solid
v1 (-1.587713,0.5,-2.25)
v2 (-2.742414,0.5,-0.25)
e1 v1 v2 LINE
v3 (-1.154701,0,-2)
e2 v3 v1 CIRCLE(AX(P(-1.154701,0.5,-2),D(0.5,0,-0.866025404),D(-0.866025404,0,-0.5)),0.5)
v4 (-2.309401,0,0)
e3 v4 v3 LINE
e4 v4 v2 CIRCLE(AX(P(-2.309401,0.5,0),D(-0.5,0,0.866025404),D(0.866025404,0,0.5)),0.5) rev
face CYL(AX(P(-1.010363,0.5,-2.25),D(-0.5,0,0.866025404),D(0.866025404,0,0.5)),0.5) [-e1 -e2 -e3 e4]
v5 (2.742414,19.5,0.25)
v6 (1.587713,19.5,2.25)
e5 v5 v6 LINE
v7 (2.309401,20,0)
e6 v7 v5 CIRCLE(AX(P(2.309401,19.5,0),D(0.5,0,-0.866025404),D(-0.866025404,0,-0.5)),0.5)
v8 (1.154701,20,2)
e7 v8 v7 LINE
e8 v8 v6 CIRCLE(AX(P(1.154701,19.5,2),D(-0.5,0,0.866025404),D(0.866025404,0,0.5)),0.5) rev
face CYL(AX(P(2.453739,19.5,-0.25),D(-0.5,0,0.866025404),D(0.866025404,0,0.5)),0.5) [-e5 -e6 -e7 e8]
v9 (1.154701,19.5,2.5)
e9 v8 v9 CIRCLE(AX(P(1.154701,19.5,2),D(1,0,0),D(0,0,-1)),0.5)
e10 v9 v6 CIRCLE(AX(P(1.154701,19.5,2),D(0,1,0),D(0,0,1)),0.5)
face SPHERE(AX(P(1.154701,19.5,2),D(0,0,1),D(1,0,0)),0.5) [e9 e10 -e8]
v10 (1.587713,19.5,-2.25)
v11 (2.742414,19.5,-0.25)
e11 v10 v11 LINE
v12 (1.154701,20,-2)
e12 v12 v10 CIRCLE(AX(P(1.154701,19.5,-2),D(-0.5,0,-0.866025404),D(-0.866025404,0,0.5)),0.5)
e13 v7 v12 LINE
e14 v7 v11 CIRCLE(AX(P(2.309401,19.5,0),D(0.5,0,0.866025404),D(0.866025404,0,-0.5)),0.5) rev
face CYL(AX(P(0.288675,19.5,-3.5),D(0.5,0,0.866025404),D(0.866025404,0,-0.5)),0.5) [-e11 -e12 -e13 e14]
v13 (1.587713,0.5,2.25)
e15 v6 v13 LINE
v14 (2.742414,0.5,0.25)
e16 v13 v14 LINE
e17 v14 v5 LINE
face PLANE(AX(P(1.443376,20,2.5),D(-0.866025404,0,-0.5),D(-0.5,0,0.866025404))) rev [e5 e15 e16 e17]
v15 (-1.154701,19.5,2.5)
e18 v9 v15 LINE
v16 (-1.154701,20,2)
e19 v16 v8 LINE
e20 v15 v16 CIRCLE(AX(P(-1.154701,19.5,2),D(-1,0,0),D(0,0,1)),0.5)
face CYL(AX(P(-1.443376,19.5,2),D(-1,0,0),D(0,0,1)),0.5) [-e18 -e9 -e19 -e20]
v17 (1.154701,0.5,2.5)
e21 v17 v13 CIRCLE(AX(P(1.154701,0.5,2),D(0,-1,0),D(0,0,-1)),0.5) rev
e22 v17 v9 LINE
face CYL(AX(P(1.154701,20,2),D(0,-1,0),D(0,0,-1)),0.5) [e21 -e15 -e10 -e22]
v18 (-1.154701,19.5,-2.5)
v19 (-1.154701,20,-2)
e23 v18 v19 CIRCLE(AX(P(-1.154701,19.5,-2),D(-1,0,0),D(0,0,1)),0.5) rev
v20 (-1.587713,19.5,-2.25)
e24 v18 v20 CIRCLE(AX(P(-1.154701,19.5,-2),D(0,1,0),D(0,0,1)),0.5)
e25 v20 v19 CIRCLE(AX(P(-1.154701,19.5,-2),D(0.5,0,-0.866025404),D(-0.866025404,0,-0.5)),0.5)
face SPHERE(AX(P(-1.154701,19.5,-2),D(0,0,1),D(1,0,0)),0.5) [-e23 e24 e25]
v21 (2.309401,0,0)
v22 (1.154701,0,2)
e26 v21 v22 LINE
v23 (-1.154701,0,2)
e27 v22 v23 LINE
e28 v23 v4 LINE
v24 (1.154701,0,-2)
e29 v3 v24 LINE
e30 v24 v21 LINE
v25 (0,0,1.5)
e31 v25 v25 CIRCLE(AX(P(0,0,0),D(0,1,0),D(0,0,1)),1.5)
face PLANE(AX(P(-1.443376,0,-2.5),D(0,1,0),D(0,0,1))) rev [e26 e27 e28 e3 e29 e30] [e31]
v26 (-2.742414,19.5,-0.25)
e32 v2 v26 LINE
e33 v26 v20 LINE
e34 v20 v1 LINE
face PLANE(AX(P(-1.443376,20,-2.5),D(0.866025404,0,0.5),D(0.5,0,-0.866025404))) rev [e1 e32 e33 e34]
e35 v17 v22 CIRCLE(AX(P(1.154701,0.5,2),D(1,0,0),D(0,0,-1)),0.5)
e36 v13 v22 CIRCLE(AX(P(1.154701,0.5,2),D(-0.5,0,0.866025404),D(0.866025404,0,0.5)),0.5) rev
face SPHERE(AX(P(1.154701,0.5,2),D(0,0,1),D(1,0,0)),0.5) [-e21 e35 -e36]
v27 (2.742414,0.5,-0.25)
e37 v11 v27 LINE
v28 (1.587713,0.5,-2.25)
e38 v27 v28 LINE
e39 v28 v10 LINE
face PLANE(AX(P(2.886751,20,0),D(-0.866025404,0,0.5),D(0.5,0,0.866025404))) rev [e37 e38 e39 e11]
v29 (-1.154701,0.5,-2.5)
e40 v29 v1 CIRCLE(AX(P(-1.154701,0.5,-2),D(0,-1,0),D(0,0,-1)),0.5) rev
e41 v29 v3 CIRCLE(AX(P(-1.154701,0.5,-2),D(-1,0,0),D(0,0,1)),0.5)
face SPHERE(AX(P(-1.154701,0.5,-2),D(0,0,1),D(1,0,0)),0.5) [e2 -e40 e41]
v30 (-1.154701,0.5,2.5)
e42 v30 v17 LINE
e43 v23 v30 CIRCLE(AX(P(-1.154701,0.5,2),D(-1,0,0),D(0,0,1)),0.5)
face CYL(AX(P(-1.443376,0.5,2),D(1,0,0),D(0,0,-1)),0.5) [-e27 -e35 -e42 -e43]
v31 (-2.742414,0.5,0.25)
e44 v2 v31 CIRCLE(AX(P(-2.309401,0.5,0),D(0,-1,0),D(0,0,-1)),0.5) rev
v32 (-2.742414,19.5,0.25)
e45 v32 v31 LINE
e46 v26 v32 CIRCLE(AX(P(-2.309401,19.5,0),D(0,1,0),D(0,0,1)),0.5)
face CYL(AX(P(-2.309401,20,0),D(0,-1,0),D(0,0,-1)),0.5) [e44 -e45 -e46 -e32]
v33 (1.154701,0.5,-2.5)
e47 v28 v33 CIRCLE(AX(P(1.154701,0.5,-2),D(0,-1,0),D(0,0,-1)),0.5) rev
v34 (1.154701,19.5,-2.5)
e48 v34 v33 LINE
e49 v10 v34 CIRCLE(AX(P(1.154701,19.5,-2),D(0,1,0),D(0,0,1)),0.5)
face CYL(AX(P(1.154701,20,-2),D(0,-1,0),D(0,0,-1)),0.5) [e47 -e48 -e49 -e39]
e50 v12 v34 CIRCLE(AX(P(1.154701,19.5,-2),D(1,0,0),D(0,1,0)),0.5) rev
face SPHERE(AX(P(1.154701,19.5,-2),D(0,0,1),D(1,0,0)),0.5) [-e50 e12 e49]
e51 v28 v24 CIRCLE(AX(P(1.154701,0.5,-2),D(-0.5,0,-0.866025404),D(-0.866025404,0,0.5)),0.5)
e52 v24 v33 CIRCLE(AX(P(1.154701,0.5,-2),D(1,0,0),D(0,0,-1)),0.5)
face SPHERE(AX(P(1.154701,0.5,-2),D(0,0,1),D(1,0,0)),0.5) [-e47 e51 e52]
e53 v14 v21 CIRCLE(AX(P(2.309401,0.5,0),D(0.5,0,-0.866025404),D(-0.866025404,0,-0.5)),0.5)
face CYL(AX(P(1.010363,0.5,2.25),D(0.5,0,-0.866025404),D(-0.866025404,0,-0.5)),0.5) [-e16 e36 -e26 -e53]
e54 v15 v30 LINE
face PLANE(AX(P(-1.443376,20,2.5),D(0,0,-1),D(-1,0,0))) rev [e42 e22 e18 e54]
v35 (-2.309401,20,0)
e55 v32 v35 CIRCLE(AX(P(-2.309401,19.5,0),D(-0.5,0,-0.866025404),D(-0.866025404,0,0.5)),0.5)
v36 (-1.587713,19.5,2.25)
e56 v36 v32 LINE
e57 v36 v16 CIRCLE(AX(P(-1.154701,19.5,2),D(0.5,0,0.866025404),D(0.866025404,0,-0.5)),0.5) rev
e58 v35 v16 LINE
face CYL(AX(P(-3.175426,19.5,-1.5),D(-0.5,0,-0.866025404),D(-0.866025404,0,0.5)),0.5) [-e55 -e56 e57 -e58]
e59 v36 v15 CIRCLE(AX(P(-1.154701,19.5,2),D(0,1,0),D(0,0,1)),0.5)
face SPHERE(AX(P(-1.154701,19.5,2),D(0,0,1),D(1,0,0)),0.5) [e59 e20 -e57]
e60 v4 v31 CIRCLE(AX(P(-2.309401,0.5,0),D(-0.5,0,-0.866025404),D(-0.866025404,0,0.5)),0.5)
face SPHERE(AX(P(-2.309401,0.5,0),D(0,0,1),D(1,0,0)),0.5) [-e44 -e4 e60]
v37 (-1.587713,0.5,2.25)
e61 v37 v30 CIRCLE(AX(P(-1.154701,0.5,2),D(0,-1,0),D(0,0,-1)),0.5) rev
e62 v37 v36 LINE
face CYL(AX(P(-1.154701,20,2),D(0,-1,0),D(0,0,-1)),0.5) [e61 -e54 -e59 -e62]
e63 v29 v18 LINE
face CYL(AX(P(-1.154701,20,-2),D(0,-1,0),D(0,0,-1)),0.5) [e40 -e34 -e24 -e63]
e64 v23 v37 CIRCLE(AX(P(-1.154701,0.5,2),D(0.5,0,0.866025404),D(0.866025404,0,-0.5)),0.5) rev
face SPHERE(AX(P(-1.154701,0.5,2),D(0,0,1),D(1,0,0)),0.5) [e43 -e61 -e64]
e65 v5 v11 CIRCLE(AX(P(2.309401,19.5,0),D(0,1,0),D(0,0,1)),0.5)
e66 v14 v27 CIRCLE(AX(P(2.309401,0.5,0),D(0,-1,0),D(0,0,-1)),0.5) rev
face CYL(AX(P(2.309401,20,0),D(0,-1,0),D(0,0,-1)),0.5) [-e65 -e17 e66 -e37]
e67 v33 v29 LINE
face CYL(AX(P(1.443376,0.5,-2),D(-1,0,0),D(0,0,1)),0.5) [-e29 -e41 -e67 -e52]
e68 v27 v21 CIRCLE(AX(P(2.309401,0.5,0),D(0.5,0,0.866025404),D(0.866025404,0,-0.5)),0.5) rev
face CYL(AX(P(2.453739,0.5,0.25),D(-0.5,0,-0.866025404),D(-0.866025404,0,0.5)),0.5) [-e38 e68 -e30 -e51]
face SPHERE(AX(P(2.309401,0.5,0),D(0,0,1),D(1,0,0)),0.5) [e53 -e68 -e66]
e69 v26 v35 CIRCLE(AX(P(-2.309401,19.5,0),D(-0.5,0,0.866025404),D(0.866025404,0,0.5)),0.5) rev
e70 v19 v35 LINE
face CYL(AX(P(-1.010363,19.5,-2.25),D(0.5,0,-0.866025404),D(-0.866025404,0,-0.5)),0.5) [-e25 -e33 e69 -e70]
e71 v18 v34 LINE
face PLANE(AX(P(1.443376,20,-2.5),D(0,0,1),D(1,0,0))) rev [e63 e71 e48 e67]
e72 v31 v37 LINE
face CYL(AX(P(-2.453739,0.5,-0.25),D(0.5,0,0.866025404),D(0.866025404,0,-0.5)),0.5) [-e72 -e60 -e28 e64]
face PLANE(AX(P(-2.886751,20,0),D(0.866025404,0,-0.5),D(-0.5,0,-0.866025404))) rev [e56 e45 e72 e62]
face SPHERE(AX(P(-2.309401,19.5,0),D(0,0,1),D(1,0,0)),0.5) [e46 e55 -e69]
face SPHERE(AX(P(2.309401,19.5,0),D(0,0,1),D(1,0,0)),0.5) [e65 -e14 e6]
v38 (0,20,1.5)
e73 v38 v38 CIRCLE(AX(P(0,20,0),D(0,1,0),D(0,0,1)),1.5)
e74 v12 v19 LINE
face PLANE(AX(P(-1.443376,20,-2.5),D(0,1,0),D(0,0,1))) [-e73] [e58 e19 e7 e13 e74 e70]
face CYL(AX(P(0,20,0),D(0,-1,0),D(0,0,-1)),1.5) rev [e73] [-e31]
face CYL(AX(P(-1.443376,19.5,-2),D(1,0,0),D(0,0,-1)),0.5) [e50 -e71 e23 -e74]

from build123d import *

# Parameters (mm, degrees)
SKETCH1_R           = 1.5
BOSS_EXTRUDE1_DEPTH = 20
FILLET1_R           = 0.5


with BuildPart() as part:
    # Sketch1 → Boss-Extrude1 (new body)
    with BuildSketch(Plane(origin=(0, 0, 0), x_dir=(1, 0, 0), z_dir=(0, 1, 0))):
        Polygon((-1.443375673, 2.5), (-2.886751346, 0), (-1.443375673, -2.5), (1.443375673, -2.5), (2.886751346, 0), (1.443375673, 2.5), align=None)
        with Locations(Location((0, 0, 0), (0, 0, 270))):
            Circle(SKETCH1_R, mode=Mode.SUBTRACT)
    extrude(amount=BOSS_EXTRUDE1_DEPTH)

    # Fillet1
    fillet1_edges = [part.edges().sort_by_distance(p)[0] for p in [
        (-2.165063509, 20, 1.25),
        (1.443375673, 10, -2.5),
        (2.886751346, 10, 0),
        (1.443375673, 10, 2.5),
        (-1.443375673, 10, 2.5),
        (-2.886751346, 10, 0),
        (-1.443375673, 10, -2.5),
        (0, 20, 2.5),
        (2.165063509, 20, 1.25),
        (2.165063509, 20, -1.25),
        (0, 20, -2.5),
        (2.165063509, 0, -1.25),
        (2.165063509, 0, 1.25),
        (0, 0, 2.5),
        (-2.165063509, 20, -1.25),
        (-2.165063509, 0, 1.25),
        (-2.165063509, 0, -1.25),
        (0, 0, -2.5),
    ]]
    fillet(fillet1_edges, radius=FILLET1_R)


solid = part.part
